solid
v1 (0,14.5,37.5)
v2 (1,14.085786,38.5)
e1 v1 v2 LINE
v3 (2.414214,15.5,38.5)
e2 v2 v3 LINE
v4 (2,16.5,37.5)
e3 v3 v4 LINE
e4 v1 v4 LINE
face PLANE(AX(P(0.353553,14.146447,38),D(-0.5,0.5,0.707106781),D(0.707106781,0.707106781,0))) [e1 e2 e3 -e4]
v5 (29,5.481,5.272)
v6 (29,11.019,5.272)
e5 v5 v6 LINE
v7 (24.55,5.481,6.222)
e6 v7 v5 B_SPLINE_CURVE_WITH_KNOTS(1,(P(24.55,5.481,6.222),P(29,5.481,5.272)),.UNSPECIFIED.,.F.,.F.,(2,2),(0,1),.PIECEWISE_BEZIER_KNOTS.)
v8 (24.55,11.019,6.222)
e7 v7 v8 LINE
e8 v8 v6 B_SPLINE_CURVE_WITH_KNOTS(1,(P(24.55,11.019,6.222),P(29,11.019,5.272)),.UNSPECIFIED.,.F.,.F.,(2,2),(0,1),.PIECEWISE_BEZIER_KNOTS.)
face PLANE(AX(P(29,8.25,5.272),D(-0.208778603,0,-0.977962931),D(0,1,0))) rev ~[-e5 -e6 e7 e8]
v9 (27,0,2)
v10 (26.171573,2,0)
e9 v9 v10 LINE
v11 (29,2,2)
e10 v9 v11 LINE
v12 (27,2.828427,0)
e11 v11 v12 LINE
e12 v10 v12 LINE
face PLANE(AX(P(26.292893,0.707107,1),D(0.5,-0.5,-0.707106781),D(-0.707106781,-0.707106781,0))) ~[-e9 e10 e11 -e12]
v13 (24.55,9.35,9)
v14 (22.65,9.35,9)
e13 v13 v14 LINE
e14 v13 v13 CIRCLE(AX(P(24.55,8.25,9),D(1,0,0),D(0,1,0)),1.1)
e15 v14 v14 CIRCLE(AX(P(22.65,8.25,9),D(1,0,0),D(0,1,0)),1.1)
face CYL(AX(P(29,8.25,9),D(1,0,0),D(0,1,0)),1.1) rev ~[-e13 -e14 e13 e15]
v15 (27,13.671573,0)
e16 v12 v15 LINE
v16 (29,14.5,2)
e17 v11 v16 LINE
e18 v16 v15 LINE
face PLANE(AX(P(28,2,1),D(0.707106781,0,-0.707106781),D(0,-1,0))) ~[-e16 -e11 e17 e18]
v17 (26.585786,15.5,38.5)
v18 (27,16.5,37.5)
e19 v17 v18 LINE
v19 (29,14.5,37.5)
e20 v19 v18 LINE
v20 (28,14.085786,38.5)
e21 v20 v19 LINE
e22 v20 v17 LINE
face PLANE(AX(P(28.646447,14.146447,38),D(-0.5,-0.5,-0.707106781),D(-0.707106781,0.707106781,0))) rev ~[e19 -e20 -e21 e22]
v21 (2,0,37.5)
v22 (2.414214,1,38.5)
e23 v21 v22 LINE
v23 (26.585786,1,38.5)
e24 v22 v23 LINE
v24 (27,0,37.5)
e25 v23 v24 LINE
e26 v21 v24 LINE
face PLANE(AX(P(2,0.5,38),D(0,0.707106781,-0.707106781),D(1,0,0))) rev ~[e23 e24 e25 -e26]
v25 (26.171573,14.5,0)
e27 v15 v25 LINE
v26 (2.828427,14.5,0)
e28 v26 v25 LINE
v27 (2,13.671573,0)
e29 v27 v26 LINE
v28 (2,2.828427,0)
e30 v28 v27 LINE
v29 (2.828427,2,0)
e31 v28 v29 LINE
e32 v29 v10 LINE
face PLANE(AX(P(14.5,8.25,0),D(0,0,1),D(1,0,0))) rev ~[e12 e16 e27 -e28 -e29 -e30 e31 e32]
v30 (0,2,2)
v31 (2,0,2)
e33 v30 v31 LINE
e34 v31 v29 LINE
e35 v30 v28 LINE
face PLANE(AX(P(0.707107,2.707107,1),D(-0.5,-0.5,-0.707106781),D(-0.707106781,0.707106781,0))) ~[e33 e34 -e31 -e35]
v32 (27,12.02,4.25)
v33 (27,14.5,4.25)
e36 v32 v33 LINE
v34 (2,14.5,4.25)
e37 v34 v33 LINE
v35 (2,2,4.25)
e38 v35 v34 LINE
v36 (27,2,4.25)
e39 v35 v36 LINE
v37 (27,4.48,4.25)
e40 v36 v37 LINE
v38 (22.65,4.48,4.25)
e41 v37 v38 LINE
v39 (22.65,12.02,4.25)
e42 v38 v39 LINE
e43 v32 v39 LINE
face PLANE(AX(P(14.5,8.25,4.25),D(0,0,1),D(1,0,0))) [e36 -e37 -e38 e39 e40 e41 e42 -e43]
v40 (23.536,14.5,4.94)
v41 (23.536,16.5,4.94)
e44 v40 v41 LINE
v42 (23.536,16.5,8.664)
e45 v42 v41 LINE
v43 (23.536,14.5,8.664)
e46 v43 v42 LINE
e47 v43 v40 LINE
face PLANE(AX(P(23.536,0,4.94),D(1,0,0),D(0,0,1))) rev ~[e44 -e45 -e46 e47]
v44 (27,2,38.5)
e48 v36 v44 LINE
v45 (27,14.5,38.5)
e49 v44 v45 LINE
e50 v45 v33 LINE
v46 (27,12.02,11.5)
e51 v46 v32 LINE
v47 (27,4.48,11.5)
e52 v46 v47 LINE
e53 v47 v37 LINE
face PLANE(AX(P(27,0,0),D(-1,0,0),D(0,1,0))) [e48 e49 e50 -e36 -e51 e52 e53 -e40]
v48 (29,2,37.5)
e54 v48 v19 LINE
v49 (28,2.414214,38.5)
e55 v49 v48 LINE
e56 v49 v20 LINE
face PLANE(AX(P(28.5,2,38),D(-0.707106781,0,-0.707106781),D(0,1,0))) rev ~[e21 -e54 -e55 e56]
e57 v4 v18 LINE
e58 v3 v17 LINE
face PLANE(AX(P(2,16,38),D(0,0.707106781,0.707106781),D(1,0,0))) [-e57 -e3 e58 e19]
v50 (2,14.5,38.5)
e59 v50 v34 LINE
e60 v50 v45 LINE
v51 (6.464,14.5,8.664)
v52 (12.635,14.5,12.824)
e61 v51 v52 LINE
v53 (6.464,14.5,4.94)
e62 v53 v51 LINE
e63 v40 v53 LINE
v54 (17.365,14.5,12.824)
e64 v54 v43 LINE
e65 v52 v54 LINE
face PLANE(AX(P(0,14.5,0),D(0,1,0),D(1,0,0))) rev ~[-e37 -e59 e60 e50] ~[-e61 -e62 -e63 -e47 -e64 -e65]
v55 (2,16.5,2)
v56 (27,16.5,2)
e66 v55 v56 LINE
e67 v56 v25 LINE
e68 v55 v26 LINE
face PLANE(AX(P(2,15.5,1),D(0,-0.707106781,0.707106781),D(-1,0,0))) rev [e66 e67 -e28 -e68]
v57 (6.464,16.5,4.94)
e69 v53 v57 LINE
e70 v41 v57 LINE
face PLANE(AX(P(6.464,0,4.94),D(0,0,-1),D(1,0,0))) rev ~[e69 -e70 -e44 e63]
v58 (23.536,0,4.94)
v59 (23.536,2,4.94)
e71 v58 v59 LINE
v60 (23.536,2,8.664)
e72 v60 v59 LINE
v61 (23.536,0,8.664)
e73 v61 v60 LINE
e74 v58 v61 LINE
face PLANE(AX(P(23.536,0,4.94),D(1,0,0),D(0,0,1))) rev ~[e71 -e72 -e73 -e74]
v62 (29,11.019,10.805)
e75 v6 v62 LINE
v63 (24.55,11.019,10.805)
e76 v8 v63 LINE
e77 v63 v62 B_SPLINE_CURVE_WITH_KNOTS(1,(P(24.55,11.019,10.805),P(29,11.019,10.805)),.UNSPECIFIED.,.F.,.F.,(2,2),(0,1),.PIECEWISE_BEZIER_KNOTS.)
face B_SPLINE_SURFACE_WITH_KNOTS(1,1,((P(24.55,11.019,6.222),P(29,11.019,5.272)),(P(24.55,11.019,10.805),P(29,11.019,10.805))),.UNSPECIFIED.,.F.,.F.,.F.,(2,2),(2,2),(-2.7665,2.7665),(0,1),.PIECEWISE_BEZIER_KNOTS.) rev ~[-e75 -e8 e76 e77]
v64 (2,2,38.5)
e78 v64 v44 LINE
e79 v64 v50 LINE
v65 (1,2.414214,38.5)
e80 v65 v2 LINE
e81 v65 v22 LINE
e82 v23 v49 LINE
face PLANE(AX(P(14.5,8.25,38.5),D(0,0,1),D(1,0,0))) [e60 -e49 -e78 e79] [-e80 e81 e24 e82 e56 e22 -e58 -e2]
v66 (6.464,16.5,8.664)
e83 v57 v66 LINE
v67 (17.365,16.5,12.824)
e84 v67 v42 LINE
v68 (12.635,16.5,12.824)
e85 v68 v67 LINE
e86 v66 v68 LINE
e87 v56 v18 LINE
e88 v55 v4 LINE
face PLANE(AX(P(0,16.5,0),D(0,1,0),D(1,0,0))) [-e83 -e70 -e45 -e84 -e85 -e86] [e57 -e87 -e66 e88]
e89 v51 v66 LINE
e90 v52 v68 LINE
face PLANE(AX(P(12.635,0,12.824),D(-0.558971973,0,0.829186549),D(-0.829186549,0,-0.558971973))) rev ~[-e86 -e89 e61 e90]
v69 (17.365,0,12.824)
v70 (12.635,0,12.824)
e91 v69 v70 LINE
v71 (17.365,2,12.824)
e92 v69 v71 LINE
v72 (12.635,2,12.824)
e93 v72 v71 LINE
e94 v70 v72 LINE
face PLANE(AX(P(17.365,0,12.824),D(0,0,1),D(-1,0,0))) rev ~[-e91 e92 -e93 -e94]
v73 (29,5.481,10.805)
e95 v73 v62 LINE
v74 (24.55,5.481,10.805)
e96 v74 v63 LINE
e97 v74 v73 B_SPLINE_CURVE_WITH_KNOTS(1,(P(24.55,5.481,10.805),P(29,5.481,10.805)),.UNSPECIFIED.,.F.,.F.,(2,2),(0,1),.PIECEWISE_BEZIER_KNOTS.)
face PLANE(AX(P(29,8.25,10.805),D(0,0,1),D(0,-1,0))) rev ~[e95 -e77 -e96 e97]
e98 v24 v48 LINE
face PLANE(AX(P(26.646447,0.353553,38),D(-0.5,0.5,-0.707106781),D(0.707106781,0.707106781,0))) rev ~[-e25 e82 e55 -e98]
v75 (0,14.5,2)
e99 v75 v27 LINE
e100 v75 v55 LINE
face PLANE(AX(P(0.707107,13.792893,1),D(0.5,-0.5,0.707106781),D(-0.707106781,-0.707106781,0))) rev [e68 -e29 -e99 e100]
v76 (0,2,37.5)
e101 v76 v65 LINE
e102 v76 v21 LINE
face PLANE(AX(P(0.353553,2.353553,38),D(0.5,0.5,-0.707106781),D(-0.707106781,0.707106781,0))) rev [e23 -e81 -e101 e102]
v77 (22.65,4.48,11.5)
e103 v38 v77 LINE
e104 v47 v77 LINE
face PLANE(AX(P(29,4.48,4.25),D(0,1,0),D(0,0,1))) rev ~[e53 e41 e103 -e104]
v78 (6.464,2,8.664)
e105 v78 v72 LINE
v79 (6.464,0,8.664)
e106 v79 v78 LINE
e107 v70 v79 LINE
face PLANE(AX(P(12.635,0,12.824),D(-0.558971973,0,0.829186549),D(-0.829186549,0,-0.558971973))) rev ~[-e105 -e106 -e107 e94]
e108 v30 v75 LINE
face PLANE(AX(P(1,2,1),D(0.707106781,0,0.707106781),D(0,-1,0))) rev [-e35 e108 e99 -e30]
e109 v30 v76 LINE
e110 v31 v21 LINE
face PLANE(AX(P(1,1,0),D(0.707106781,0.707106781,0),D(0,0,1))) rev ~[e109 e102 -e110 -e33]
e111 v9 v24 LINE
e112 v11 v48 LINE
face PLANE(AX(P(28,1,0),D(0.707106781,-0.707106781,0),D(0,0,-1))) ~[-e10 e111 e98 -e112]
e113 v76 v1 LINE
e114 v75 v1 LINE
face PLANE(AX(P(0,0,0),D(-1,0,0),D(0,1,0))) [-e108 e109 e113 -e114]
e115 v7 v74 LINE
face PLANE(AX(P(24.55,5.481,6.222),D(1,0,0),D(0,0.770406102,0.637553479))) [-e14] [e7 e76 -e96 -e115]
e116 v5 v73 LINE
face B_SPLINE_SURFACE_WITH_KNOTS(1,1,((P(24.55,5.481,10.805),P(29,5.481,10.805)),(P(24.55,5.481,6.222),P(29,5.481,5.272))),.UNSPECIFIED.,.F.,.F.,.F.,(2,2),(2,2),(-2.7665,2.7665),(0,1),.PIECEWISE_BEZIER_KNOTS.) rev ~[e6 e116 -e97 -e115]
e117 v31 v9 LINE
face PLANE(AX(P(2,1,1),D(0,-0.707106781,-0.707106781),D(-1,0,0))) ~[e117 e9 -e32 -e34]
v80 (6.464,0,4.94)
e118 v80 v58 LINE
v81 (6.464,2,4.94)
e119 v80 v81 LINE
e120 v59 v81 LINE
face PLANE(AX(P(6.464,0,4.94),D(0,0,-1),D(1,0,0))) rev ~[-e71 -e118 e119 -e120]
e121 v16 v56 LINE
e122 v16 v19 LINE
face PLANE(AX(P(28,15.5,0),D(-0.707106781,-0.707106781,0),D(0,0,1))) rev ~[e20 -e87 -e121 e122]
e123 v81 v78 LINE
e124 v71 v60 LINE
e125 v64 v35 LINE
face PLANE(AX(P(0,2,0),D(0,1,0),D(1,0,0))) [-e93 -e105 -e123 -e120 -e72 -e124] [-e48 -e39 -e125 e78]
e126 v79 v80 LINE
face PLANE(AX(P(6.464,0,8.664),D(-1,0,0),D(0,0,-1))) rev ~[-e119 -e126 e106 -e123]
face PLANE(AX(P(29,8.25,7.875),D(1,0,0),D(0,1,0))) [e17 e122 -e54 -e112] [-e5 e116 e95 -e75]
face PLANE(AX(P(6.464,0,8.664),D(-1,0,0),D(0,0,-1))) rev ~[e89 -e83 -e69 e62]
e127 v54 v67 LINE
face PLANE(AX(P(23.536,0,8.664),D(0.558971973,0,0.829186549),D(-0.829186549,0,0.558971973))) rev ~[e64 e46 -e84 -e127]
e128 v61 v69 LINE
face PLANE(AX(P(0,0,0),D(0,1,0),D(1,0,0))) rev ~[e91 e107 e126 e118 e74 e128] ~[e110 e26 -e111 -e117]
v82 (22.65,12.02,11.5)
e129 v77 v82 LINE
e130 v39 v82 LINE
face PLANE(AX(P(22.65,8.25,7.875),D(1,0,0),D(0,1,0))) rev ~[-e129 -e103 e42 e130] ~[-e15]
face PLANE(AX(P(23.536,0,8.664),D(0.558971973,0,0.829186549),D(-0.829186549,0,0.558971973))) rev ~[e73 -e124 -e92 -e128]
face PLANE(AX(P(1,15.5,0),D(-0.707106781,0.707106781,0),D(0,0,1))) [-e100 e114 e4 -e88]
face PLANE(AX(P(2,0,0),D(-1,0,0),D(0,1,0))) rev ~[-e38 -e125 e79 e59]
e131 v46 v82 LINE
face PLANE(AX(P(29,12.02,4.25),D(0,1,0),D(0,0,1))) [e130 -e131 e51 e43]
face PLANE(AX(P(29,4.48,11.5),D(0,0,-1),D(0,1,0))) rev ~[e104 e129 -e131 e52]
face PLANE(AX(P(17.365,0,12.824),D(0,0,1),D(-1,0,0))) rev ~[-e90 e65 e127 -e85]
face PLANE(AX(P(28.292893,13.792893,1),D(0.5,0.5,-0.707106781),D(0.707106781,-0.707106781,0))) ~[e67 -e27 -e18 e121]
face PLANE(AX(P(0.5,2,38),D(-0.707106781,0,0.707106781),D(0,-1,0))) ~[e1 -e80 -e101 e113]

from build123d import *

# Parameters (mm, degrees)
F0_W      = 29
F0_H      = 16.5
F1_DEPTH  = 38.5
F2_T      = -2
F3_DEPTH  = 2.25
F4_SIZE   = 2
F5_SIZE   = 2
F6_SIZE   = 1
F8_DEPTH  = 16.501
F9_W      = 7.54
F9_H      = 7.25
F9_R      = 1.1
F10_DEPTH = 6.35
F13_W     = 5.538
F13_H     = 4.583
F11_W     = 5.538
F11_H     = 5.533


with BuildPart() as f1:
    # F0 (on Top) → F1 (new body)
    with BuildSketch(Plane.XY):
        with Locations((14.5, 8.25)):
            Rectangle(F0_W, F0_H)
    extrude(amount=F1_DEPTH)

    # F2
    f2_openings = [f1.faces().sort_by_distance(p)[0] for p in [
        (14.5, 8.25, 38.5),
    ]]
    offset(amount=F2_T, openings=f2_openings)

    # F3 (add): a face of the model
    f3_faces = [f1.faces().sort_by_distance(p)[0] for p in [
        (14.5, 8.25, 2),
    ]]
    extrude(f3_faces, amount=F3_DEPTH)

    # F4
    f4_edges = [f1.edges().sort_by_distance(p)[0] for p in [
        (29, 0, 19.25),
        (29, 16.5, 19.25),
        (0, 16.5, 19.25),
        (0, 0, 19.25),
    ]]
    chamfer(f4_edges, length=F4_SIZE)

    # F5
    f5_edges = [f1.edges().sort_by_distance(p)[0] for p in [
        (0, 8.25, 0),
        (1, 15.5, 0),
        (1, 1, 0),
        (14.5, 16.5, 0),
        (14.5, 0, 0),
        (28, 15.5, 0),
        (28, 1, 0),
        (29, 8.25, 0),
    ]]
    chamfer(f5_edges, length=F5_SIZE)

    # F6
    f6_edges = [f1.edges().sort_by_distance(p)[0] for p in [
        (0, 8.25, 38.5),
        (1, 1, 38.5),
        (14.5, 0, 38.5),
        (28, 1, 38.5),
        (29, 8.25, 38.5),
        (28, 15.5, 38.5),
        (14.5, 16.5, 38.5),
        (1, 15.5, 38.5),
    ]]
    chamfer(f6_edges, length=F6_SIZE)

    # F7 (on face) → F8 (cut, through all)
    with BuildSketch(Plane.XZ):
        Polygon((23.536, 8.664), (17.365, 12.824), (12.635, 12.824), (6.464, 8.664), (6.464, 4.94), (23.536, 4.94), align=None)
    extrude(amount=-F8_DEPTH, mode=Mode.SUBTRACT)

    # F9 (on face) → F10 (join)
    with BuildSketch(Plane.YZ.offset(29)):
        with Locations((8.25, 7.875)):
            Rectangle(F9_W, F9_H)
        with Locations((8.25, 9)):
            Circle(F9_R, mode=Mode.SUBTRACT)
    extrude(amount=-F10_DEPTH)

    # F13 (on offset) → F14 section 0
    with BuildSketch(Plane.YZ.offset(24.55)):
        with Locations((8.25, 8.5135)):
            Rectangle(F13_W, F13_H)
    # F11 (on face) → F14 section 1
    with BuildSketch(Plane.YZ.offset(29)):
        with Locations((8.25, 8.0385)):
            Rectangle(F11_W, F11_H)
    loft(mode=Mode.SUBTRACT)


solid = f1.part
